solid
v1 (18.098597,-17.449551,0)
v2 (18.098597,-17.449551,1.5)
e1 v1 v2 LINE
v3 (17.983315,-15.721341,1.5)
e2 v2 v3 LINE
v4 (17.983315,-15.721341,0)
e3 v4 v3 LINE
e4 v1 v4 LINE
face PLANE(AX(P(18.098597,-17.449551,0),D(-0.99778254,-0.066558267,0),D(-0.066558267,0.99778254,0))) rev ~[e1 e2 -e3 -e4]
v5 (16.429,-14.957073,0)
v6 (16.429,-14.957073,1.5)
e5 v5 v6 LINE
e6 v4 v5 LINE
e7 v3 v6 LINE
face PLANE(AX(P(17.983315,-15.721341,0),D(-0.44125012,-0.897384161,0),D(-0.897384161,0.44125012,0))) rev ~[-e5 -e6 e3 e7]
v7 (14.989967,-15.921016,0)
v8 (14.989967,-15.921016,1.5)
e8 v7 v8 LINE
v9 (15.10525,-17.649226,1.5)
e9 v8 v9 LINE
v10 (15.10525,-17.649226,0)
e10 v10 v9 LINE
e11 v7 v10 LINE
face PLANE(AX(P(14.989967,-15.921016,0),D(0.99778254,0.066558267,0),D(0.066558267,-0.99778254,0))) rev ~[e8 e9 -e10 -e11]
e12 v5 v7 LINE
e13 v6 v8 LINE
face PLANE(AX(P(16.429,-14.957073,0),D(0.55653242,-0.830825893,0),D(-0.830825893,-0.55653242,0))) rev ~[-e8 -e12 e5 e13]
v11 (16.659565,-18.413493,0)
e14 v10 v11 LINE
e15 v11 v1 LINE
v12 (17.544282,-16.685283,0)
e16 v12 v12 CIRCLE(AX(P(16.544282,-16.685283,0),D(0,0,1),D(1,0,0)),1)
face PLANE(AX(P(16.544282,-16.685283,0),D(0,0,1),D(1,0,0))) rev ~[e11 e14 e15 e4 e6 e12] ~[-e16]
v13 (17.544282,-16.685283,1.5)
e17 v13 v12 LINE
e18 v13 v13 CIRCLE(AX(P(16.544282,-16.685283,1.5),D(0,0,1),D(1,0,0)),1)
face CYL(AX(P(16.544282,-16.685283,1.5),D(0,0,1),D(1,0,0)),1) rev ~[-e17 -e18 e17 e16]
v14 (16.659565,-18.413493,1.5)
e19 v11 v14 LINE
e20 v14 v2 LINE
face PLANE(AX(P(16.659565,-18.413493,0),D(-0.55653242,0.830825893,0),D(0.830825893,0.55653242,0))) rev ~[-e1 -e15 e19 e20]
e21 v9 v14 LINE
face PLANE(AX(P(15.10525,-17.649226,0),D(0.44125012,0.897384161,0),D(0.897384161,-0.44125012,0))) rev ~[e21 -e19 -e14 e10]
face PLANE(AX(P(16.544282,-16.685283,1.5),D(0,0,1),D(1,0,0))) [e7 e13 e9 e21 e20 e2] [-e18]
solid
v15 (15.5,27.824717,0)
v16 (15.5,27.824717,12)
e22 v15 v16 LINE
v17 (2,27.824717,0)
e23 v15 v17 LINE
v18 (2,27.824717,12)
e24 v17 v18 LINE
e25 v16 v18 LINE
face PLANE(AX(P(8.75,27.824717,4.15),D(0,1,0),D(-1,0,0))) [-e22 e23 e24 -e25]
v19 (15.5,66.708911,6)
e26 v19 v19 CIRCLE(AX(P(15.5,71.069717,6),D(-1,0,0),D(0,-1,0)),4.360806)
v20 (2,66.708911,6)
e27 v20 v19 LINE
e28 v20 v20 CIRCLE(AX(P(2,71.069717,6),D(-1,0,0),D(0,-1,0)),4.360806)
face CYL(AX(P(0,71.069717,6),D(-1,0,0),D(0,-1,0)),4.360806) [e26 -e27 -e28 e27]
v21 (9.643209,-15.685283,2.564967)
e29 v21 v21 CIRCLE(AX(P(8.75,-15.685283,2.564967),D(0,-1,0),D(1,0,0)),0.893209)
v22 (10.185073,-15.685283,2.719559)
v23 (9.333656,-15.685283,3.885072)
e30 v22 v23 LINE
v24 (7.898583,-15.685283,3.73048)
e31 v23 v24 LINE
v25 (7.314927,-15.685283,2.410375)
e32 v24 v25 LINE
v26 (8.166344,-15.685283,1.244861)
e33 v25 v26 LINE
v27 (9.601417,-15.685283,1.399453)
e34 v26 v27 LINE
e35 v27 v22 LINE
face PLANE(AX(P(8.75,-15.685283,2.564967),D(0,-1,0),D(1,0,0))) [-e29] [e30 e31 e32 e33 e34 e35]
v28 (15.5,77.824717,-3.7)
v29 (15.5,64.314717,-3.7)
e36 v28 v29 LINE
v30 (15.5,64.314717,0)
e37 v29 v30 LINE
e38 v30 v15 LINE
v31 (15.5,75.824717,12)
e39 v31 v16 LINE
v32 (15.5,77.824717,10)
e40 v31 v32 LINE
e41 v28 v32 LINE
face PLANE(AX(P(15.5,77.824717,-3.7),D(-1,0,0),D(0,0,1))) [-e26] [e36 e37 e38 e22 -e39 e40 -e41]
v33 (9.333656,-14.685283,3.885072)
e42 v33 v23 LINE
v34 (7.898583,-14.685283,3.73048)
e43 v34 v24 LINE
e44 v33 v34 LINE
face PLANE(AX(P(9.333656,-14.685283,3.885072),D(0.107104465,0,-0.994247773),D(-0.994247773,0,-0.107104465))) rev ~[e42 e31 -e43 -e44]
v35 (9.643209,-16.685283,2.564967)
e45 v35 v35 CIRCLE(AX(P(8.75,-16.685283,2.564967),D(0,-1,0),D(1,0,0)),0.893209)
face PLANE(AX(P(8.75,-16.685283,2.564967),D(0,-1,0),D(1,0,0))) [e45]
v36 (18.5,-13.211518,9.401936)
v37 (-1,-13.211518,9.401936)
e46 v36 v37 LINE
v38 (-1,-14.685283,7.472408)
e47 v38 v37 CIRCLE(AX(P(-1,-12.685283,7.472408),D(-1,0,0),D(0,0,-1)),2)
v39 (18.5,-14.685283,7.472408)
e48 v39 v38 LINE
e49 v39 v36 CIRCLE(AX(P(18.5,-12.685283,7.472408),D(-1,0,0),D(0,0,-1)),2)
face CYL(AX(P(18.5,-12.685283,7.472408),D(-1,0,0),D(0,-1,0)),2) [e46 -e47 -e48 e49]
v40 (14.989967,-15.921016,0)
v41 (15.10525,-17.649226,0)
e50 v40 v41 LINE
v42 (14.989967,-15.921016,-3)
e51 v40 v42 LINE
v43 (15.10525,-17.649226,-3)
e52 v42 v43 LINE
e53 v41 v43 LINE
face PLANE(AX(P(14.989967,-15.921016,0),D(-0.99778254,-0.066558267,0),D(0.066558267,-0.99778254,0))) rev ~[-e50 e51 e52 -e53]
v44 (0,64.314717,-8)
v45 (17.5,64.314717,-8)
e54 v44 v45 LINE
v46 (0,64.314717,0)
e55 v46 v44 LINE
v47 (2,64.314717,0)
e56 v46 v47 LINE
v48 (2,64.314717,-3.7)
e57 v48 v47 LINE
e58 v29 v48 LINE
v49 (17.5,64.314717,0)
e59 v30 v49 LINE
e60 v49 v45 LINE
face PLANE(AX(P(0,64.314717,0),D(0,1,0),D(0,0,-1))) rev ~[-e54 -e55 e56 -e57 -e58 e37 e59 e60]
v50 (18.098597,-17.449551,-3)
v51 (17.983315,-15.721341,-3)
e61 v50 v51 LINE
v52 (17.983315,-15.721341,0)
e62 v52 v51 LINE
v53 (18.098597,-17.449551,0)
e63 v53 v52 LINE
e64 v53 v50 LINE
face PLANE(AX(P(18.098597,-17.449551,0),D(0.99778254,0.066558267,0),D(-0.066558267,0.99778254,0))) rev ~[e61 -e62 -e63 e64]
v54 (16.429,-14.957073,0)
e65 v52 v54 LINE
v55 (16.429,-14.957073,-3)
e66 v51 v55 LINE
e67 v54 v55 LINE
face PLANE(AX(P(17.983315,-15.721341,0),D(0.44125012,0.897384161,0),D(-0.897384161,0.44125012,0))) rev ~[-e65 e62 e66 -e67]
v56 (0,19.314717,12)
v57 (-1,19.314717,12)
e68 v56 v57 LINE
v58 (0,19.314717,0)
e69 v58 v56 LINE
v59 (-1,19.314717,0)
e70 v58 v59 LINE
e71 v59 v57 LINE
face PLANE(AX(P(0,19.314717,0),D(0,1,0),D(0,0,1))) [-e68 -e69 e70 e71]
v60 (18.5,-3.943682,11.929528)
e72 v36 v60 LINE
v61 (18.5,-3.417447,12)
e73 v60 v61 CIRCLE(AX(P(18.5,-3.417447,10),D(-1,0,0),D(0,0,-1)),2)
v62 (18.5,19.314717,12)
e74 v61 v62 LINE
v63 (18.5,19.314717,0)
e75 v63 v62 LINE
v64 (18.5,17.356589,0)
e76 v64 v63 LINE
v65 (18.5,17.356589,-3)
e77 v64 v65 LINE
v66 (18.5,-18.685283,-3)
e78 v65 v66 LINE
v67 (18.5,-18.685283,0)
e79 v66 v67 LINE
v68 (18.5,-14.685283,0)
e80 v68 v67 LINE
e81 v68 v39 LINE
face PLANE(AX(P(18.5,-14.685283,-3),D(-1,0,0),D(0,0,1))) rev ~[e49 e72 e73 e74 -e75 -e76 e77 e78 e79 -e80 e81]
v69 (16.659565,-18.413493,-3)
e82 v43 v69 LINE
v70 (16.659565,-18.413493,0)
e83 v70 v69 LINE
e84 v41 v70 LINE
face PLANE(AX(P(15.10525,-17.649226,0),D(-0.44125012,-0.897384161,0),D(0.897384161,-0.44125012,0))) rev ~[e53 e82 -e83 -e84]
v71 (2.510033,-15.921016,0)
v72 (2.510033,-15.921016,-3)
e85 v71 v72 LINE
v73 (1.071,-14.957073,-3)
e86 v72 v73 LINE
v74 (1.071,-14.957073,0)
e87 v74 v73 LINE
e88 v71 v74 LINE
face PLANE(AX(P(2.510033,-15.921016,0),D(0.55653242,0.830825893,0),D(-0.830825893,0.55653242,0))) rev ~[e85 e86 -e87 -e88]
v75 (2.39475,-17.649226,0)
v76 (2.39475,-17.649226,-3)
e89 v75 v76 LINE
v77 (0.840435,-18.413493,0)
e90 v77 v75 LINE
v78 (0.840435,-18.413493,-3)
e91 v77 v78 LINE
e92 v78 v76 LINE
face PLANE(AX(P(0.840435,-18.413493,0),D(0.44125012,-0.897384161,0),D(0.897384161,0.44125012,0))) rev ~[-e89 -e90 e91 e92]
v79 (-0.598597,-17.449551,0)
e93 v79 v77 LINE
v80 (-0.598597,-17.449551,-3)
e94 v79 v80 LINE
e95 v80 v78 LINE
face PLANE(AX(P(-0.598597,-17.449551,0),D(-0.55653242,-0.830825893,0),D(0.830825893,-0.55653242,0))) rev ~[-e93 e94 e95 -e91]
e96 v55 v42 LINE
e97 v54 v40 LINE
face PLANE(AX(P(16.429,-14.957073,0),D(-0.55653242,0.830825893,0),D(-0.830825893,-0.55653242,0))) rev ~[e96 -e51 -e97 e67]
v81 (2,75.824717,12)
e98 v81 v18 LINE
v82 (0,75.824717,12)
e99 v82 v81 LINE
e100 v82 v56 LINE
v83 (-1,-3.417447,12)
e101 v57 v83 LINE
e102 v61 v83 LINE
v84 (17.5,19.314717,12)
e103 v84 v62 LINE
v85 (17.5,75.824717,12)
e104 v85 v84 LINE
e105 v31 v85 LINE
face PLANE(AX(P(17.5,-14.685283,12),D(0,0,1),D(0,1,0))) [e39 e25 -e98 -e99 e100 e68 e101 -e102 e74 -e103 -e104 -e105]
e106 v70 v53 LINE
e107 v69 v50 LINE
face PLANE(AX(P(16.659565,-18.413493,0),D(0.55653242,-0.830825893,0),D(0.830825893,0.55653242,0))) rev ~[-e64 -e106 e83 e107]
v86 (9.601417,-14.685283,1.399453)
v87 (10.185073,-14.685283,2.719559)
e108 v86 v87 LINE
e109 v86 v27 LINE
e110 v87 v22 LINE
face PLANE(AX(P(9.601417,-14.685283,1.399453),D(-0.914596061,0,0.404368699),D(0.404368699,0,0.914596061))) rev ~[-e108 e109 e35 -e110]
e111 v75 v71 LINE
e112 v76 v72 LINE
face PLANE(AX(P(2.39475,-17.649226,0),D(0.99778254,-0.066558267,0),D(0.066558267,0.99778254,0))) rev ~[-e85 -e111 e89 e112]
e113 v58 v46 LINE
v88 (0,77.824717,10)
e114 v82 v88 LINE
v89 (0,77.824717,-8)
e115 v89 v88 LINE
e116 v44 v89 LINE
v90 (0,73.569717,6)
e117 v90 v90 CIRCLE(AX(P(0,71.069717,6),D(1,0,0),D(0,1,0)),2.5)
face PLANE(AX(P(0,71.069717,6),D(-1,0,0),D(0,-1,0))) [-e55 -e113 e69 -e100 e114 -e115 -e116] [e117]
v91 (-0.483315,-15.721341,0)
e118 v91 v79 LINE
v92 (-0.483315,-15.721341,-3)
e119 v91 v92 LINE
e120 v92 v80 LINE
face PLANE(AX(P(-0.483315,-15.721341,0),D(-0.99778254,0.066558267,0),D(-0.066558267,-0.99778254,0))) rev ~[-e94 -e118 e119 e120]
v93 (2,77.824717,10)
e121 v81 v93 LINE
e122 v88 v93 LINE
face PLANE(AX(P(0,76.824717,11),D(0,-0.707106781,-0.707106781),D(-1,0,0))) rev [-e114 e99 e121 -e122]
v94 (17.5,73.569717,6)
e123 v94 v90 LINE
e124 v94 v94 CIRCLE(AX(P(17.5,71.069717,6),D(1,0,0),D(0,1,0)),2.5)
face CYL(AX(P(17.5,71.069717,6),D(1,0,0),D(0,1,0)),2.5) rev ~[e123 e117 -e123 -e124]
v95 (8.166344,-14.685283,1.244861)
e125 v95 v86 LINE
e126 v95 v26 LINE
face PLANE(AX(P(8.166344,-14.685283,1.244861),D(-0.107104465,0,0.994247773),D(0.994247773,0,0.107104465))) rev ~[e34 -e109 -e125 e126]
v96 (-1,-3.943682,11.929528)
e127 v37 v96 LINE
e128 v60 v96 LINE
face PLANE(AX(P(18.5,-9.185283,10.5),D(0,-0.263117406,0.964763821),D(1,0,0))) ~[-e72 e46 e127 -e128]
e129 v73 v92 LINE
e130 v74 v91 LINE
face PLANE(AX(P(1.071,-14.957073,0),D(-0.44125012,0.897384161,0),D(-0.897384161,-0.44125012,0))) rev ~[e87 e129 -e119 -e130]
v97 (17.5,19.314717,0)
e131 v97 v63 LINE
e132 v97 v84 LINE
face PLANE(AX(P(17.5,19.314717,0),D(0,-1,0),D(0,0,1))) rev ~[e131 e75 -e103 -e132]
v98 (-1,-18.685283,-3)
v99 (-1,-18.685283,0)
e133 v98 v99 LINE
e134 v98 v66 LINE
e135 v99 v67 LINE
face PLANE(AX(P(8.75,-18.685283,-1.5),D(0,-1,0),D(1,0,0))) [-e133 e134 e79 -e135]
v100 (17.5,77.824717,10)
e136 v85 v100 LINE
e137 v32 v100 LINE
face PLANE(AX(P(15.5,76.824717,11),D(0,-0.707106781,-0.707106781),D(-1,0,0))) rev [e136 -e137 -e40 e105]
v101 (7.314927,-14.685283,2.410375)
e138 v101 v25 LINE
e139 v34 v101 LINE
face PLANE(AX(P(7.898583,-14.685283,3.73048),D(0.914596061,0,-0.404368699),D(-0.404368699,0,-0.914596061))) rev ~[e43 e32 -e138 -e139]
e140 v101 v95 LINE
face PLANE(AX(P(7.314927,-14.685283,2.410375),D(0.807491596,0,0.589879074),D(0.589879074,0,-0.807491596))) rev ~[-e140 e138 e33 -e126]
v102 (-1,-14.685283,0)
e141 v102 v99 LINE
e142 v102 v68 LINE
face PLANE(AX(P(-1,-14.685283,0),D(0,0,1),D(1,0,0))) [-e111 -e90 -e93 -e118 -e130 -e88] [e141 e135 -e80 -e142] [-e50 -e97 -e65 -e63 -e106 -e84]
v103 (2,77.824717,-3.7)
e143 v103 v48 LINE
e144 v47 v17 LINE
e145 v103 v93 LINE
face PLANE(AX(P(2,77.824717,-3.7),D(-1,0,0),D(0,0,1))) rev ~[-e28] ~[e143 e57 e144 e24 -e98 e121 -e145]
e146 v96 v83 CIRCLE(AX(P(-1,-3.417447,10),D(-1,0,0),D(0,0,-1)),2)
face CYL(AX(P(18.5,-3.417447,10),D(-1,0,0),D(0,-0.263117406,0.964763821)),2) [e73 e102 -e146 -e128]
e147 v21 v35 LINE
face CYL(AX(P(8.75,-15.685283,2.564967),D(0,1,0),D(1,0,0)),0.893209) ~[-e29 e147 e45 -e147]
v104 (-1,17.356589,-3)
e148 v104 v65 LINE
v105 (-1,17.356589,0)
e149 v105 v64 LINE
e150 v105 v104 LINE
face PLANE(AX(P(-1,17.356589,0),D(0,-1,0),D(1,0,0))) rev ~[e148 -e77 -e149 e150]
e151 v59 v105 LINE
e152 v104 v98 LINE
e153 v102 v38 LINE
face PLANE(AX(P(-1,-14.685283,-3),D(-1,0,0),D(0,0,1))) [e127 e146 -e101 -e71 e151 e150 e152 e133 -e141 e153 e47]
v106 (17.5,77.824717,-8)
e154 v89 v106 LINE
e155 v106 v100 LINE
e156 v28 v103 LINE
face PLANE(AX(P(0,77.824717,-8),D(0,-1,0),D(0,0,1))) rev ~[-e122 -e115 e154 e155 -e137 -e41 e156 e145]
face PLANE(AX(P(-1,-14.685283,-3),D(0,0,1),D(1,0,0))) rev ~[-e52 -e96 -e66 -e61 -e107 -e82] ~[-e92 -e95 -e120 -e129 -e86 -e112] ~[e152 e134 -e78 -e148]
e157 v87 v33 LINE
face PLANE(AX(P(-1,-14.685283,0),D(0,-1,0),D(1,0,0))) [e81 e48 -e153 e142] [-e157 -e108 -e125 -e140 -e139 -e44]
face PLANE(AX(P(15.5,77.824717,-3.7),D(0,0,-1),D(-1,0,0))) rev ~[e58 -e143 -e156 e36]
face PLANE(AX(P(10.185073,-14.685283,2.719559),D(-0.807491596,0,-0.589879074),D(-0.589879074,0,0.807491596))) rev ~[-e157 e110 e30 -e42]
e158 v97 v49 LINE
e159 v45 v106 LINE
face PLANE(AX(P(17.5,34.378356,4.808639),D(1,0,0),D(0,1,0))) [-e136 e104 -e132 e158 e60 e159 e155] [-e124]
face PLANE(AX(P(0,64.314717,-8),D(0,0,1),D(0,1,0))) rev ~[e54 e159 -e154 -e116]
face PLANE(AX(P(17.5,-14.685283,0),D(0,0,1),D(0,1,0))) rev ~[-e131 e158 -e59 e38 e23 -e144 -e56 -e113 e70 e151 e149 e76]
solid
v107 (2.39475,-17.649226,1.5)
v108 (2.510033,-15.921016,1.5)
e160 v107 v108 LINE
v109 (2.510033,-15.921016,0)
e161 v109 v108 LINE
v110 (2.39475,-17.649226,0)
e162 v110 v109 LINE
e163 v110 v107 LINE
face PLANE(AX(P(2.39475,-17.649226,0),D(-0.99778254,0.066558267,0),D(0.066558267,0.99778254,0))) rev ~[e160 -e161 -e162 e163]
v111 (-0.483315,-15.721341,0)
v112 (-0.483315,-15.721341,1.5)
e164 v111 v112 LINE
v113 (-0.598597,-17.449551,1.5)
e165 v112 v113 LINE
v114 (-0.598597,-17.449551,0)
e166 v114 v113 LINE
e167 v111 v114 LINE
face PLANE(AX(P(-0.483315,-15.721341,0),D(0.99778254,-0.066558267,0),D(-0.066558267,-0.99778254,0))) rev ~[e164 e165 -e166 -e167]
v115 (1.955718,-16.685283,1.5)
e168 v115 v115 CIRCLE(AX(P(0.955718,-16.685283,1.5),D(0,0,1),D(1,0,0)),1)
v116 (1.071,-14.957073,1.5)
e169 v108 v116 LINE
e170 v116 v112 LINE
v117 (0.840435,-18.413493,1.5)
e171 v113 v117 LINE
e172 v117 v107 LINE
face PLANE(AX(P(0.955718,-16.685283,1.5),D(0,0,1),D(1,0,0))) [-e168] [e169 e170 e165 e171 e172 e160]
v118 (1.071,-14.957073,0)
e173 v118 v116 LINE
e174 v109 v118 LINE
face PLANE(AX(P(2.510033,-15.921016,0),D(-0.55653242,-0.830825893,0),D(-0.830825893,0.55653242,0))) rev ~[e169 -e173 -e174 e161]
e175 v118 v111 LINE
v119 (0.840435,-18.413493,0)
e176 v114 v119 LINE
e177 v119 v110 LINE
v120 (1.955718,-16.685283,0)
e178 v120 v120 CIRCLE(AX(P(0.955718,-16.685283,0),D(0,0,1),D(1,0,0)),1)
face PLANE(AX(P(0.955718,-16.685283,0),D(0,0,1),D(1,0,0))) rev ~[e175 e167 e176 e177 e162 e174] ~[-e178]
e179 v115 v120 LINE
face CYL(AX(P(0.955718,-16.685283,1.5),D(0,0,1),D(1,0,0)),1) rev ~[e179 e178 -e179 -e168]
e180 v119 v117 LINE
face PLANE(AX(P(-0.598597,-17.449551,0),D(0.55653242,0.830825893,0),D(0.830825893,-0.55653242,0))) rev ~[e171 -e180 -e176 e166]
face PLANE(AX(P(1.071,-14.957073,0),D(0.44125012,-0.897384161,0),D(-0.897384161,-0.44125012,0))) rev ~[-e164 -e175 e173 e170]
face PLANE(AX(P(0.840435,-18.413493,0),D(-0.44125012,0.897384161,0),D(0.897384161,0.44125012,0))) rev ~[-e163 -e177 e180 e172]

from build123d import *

# Parameters (mm, degrees)
F1_DEPTH  = 17.5
F2_W      = 13.5
F2_H      = 15.7
F3_DEPTH  = 50
F4_W      = 34
F4_H      = 12
F5_DEPTH  = 1
F6_W      = 34
F6_H      = 12
F7_DEPTH  = 1
F8_SIZE2  = 11
F8_SIZE   = 3
F9_R      = 2
F10_SIZE  = 2
F11_R     = 4.3608060118
F12_DEPTH = 17
F13_R     = 2.5
F14_DEPTH = 25
F15_W     = 19.5
F15_H     = 32.0418726716
F16_DEPTH = 3
F17_W     = 19.5
F17_H     = 3
F18_DEPTH = 4
F20_DEPTH = 25
F22_DEPTH = 1
F23_R     = 0.8932085331
F24_DEPTH = 1
F25_DEPTH = 1.5
F26_R     = 1
F27_DEPTH = 25
F28_R     = 1
F29_DEPTH = 25


with BuildPart() as f1:
    # F0 (on Right) → F1 (new body)
    with BuildSketch(Plane.YZ):
        Polygon((-14.6852832351, 12), (-14.6852832351, 0), (64.3147167649, 0), (64.3147167649, -8), (77.8247167649, -8), (77.8247167649, 12), align=None)
    extrude(amount=F1_DEPTH)

    # F2 (on face) → F3 (cut)
    with BuildSketch(Plane(origin=(0, 77.8247167649, 0), x_dir=(-1, 0, 0), z_dir=(0, 1, 0))):
        with Locations((-8.75, 4.15)):
            Rectangle(F2_W, F2_H)
    extrude(amount=-F3_DEPTH, mode=Mode.SUBTRACT)

    # F4 (on face) → F5 (join)
    with BuildSketch(Plane(origin=(0, 0, 0), x_dir=(0, -1, 0), z_dir=(-1, 0, 0))):
        with Locations((-2.3147167649, 6)):
            Rectangle(F4_W, F4_H)
    extrude(amount=F5_DEPTH)

    # F6 (on face) → F7 (join)
    with BuildSketch(Plane.YZ.offset(17.5)):
        with Locations((2.3147167649, 6)):
            Rectangle(F6_W, F6_H)
    extrude(amount=F7_DEPTH)

    # F8
    f8_edges = [f1.edges().sort_by_distance(p)[0] for p in [
        (8.75, -14.685283, 12),
    ]]
    f8_side = f1.faces().sort_by_distance((8.75, -14.685283, 6))[0]
    chamfer(f8_edges, length=F8_SIZE, length2=F8_SIZE2, reference=f8_side)

    # F9
    f9_edges = [f1.edges().sort_by_distance(p)[0] for p in [
        (8.75, -3.685283, 12),
        (8.75, -14.685283, 9),
    ]]
    fillet(f9_edges, radius=F9_R)

    # F10
    f10_edges = [f1.edges().sort_by_distance(p)[0] for p in [
        (1, 77.824717, 12),
        (16.5, 77.824717, 12),
    ]]
    chamfer(f10_edges, length=F10_SIZE)

    # F11 (on face) → F12 (join)
    with BuildSketch(Plane(origin=(0, 0, 0), x_dir=(0, -1, 0), z_dir=(-1, 0, 0))):
        with Locations((-71.0697167649, 6)):
            Circle(F11_R)
    extrude(amount=-F12_DEPTH)

    # F13 (on face) → F14 (cut)
    with BuildSketch(Plane.YZ.offset(17.5)):
        with Locations((71.0697167649, 6)):
            Circle(F13_R)
    extrude(amount=-F14_DEPTH, mode=Mode.SUBTRACT)

    # F15 (on face) → F16 (join)
    with BuildSketch(Plane(origin=(0, 0, 0), x_dir=(1, 0, 0), z_dir=(0, 0, -1))):
        with Locations((8.75, -1.3356531007)):
            Rectangle(F15_W, F15_H)
    extrude(amount=F16_DEPTH)

    # F17 (on face) → F18 (join)
    with BuildSketch(Plane.XZ.offset(14.6852832351)):
        with Locations((8.75, -1.5)):
            Rectangle(F17_W, F17_H)
    extrude(amount=F18_DEPTH)

    # F19 (on face) → F20 (cut)
    with BuildSketch(Plane.XY):
        Polygon((16.659564737, -18.4134932892), (18.0985973966, -17.4495508612), (17.983315096, -15.7213408071), (16.4290001357, -14.9570731809), (14.9899674761, -15.921015609), (15.1052497767, -17.6492256631), align=None)
        Polygon((2.3947502233, -17.6492256631), (2.5100325239, -15.921015609), (1.0709998643, -14.9570731809), (-0.483315096, -15.7213408071), (-0.5985973966, -17.4495508612), (0.840435263, -18.4134932892), align=None)
    extrude(amount=-F20_DEPTH, mode=Mode.SUBTRACT)

    # F21 (on face) → F22 (join)
    with BuildSketch(Plane.XZ.offset(14.6852832351)):
        Polygon((7.8985828945, 3.7304804047), (7.314926952, 2.4103746991), (8.1663440575, 1.244860973), (9.6014171055, 1.3994529525), (10.185073048, 2.7195586581), (9.3336559425, 3.8850723843), align=None)
    extrude(amount=F22_DEPTH)

    # F23 (on face) → F24 (join)
    with BuildSketch(Plane.XZ.offset(15.6852832351)):
        with Locations((8.75, 2.5649666786)):
            Circle(F23_R)
    extrude(amount=F24_DEPTH)


with BuildPart() as f25:
    # F19 (on face) → F25 (new body)
    with BuildSketch(Plane.XY):
        Polygon((16.659564737, -18.4134932892), (18.0985973966, -17.4495508612), (17.983315096, -15.7213408071), (16.4290001357, -14.9570731809), (14.9899674761, -15.921015609), (15.1052497767, -17.6492256631), align=None)
    extrude(amount=F25_DEPTH)

    # F26 (on face) → F27 (cut)
    with BuildSketch(Plane.XY.offset(1.5)):
        with Locations((16.5442824364, -16.6852832351)):
            Circle(F26_R)
    extrude(amount=-F27_DEPTH, mode=Mode.SUBTRACT)


with BuildPart() as f25b:
    # F19 (on face) → F25, piece 2 (new body)
    with BuildSketch(Plane.XY):
        Polygon((2.3947502233, -17.6492256631), (2.5100325239, -15.921015609), (1.0709998643, -14.9570731809), (-0.483315096, -15.7213408071), (-0.5985973966, -17.4495508612), (0.840435263, -18.4134932892), align=None)
    extrude(amount=F25_DEPTH)

    # F28 (on face) → F29 (cut)
    with BuildSketch(Plane.XY.offset(1.5)):
        with Locations((0.9557175636, -16.6852832351)):
            Circle(F28_R)
    extrude(amount=-F29_DEPTH, mode=Mode.SUBTRACT)


solid = Compound([f1.part, f25.part, f25b.part])
